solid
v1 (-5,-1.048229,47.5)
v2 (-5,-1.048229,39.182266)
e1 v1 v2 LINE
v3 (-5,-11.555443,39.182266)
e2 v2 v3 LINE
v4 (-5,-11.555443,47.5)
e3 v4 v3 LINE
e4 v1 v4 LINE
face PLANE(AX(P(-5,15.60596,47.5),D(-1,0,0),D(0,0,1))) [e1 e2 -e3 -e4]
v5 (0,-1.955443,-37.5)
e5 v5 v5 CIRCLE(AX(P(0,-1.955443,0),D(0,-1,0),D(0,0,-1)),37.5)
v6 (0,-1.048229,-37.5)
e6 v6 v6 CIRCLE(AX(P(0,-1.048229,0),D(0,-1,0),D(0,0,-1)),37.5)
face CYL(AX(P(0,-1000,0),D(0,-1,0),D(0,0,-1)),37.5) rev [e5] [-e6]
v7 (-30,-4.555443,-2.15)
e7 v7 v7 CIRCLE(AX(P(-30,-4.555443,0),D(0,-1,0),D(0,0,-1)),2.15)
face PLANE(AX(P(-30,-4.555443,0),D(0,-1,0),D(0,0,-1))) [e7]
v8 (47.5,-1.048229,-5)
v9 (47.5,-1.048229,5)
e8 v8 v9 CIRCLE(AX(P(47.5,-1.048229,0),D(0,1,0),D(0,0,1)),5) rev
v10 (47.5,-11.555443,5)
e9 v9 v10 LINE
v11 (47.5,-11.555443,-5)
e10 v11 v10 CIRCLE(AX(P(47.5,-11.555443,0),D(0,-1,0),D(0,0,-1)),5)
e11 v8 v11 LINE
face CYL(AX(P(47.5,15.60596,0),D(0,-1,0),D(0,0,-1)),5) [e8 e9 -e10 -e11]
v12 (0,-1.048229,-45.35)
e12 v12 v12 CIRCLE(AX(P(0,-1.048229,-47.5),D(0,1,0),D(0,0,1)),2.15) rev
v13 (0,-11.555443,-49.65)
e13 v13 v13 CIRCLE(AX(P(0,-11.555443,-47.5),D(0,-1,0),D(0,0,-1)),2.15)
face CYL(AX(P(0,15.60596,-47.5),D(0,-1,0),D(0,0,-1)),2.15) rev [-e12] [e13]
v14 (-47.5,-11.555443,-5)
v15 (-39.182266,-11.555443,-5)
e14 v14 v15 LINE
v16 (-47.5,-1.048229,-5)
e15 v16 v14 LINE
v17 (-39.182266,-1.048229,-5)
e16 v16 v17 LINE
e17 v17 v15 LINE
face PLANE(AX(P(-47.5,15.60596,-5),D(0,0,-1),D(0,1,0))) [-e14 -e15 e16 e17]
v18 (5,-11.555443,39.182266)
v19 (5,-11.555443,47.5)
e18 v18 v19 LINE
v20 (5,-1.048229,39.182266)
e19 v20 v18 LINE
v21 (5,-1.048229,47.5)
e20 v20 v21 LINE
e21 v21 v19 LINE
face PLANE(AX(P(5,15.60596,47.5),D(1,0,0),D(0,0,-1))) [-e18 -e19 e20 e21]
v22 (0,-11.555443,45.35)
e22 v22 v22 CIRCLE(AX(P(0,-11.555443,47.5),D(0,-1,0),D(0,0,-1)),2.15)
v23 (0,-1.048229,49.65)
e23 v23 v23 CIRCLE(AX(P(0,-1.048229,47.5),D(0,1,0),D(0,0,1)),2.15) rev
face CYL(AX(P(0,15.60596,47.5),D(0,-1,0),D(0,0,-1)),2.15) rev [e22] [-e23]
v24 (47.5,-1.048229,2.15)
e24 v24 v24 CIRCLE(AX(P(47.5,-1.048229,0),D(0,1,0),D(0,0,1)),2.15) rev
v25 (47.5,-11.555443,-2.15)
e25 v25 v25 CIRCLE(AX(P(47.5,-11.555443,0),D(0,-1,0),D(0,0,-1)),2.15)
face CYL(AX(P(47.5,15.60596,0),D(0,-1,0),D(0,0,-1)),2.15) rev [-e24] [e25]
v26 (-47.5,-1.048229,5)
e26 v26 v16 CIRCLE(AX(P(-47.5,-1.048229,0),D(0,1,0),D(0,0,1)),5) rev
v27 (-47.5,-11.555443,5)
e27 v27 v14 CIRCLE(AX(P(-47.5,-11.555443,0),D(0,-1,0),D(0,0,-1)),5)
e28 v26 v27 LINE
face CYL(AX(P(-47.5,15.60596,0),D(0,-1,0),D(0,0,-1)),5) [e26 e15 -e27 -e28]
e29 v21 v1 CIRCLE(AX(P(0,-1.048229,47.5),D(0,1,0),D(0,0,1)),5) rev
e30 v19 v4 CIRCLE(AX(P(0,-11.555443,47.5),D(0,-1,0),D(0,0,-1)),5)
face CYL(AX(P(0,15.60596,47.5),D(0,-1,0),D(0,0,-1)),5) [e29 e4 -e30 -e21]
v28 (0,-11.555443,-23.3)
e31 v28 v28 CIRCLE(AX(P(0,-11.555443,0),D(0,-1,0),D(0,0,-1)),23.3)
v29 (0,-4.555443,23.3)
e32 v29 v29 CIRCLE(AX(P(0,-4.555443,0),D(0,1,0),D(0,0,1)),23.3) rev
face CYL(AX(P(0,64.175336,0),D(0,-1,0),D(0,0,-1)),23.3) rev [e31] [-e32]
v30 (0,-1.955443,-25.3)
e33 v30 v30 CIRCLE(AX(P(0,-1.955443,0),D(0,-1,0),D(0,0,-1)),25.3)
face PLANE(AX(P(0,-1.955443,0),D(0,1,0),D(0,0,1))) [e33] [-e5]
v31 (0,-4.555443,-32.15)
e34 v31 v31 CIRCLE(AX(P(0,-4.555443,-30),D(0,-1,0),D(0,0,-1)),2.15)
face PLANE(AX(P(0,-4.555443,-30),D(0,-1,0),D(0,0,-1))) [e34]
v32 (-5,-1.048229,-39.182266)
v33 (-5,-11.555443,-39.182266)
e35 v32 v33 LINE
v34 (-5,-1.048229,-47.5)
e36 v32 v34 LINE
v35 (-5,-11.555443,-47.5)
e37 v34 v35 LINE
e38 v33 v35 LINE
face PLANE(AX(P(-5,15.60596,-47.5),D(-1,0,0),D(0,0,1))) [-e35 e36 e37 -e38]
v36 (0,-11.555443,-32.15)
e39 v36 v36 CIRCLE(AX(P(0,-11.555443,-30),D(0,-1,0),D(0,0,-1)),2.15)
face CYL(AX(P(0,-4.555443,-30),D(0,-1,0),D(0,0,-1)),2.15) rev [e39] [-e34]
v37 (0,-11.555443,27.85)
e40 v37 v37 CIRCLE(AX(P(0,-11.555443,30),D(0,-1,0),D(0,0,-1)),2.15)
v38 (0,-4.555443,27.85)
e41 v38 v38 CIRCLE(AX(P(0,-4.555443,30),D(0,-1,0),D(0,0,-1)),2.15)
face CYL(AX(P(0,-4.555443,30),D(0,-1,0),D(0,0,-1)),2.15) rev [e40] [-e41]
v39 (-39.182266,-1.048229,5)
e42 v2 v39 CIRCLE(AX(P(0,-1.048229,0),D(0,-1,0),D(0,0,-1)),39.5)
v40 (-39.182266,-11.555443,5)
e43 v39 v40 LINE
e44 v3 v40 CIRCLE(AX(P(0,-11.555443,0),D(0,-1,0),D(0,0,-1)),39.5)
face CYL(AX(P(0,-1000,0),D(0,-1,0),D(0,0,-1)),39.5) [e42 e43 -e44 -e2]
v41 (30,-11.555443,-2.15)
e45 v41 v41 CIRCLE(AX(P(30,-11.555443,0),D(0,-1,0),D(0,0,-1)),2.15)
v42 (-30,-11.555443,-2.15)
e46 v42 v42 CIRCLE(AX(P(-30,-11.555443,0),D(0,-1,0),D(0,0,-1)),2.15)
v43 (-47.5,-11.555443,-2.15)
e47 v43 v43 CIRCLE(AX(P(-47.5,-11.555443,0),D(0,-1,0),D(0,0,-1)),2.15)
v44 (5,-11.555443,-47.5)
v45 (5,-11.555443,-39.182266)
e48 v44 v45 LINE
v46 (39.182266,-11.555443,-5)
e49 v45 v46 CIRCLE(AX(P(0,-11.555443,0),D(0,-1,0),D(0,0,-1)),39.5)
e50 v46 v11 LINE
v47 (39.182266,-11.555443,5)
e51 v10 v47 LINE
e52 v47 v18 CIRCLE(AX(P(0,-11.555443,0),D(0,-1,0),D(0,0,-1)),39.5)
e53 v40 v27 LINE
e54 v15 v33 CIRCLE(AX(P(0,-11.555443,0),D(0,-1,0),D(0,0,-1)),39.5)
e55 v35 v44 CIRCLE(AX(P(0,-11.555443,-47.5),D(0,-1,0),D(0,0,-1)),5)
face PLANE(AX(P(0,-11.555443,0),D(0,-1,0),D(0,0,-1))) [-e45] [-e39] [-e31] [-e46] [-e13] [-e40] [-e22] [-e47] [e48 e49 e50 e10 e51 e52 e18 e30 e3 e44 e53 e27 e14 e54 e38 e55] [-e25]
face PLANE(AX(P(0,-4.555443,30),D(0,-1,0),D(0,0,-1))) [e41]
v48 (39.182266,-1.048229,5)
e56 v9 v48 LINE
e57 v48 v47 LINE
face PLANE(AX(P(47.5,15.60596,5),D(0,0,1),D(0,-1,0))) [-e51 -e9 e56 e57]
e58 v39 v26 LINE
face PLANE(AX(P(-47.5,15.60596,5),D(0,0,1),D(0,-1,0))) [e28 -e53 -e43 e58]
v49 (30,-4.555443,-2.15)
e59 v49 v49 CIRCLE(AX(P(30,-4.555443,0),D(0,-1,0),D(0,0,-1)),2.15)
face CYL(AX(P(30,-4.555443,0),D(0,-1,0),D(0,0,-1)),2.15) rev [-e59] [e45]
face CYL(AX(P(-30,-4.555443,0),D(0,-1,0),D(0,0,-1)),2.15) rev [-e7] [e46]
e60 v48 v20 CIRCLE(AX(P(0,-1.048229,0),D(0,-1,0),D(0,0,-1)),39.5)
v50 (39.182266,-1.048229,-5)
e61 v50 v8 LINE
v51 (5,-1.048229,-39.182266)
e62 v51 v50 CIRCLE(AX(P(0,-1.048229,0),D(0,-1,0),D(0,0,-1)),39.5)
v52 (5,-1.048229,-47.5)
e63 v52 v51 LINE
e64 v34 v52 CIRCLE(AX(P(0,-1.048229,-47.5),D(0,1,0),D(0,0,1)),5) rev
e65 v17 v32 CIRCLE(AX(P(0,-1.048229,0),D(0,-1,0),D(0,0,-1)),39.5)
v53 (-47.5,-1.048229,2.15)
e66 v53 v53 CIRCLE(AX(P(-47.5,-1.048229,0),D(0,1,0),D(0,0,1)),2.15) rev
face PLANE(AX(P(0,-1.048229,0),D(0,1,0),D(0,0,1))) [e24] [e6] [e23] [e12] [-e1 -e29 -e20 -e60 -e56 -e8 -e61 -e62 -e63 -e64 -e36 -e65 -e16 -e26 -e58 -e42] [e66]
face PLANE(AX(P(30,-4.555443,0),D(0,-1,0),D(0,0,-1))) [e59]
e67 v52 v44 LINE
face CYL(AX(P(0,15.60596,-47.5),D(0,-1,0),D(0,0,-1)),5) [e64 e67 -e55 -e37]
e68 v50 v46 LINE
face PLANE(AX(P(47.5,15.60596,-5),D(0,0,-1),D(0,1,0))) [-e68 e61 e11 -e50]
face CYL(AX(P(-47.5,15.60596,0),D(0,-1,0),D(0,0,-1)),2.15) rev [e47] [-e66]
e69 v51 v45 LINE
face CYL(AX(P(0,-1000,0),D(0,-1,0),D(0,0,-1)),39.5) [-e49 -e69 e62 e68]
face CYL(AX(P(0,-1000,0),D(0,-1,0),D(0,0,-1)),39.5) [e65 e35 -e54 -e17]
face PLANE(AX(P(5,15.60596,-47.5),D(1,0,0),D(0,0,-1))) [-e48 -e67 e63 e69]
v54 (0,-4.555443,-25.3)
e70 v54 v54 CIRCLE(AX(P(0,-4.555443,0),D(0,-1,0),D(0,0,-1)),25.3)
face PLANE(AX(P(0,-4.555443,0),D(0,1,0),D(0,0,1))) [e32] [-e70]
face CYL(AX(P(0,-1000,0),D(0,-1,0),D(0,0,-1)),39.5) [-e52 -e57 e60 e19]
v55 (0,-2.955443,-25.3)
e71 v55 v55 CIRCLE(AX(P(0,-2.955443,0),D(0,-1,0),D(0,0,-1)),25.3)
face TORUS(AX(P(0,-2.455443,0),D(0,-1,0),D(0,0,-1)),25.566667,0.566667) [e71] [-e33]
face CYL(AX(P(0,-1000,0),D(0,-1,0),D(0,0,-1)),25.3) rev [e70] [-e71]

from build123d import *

# Parameters (mm, degrees)
SKETCH2_R           = 2.15
BOSS_EXTRUDE1_DEPTH = 10.507214
CUT_EXTRUDE2_DEPTH  = 7
SKETCH4_R           = 2.15
CUT_EXTRUDE3_DEPTH  = 7
BOSS_EXTRUDE2_START = -7
SKETCH5_R           = 24.3
SKETCH5_R_2         = 23.3
BOSS_EXTRUDE2_DEPTH = 7
SKETCH6_R           = 23.3
CUT_EXTRUDE4_DEPTH  = 75.575465


with BuildPart() as part:
    # Sketch1 → Revolve1 (revolve)
    with BuildSketch(Plane(origin=(0, 0, 0), x_dir=(0, 0, -1), z_dir=(1, 0, 0)), mode=Mode.PRIVATE) as revolve1_sk:
        with BuildLine():
            Line((-37.5, -1.048229), (-37.5, -1.955443))
            Line((-37.5, -1.955443), (-25.3, -1.955443))
            ThreePointArc((-25.3, -1.955443), (-25, -2.455443), (-25.3, -2.955443))
            Line((-25.3, -2.955443), (-25.3, -4.555443))
            Line((-25.3, -4.555443), (-8, -4.555443))
            Line((-8, -4.555443), (-8, -11.555443))
            Line((-8, -11.555443), (-39.5, -11.555443))
            Line((-39.5, -11.555443), (-39.5, -1.048229))
            Line((-39.5, -1.048229), (-37.5, -1.048229))
        make_face()
    revolve(revolve1_sk.sketch.rotate(Axis((0, -1000, 0), (0, 1, 0)), 180), axis=Axis((0, -1000, 0), (0, 1, 0)))

    # Sketch2 → Boss-Extrude1 (add)
    # profile 1 of 4: a face of its own
    with BuildSketch(Plane.XZ.offset(11.555443)):
        with BuildLine():
            Line((-5, 47.5), (-5, 39.182266))
            Line((-5, 39.182266), (5, 39.182266))
            Line((5, 39.182266), (5, 47.5))
            ThreePointArc((5, 47.5), (0, 52.5), (-5, 47.5))
        make_face()
        with Locations(Location((0, 47.5, 0), (0, 0, 270))):
            Circle(SKETCH2_R, mode=Mode.SUBTRACT)
    # profile 2 of 4: a face of its own
    with BuildSketch(Plane.XZ.offset(11.555443)):
        with BuildLine():
            Line((47.5, -5), (39.182266, -5))
            Line((39.182266, -5), (39.182266, 5))
            Line((39.182266, 5), (47.5, 5))
            ThreePointArc((47.5, 5), (52.5, 0), (47.5, -5))
        make_face()
        with Locations(Location((47.5, 0, 0), (0, 0, 270))):
            Circle(SKETCH2_R, mode=Mode.SUBTRACT)
    # profile 3 of 4: a face of its own
    with BuildSketch(Plane.XZ.offset(11.555443)):
        with BuildLine():
            Line((-5, -47.5), (-5, -39.182266))
            Line((-5, -39.182266), (5, -39.182266))
            Line((5, -39.182266), (5, -47.5))
            ThreePointArc((5, -47.5), (0, -52.5), (-5, -47.5))
        make_face()
        with Locations(Location((0, -47.5, 0), (0, 0, 270))):
            Circle(SKETCH2_R, mode=Mode.SUBTRACT)
    # profile 4 of 4: a face of its own
    with BuildSketch(Plane.XZ.offset(11.555443)):
        with BuildLine():
            Line((-47.5, 5), (-39.182266, 5))
            Line((-39.182266, 5), (-39.182266, -5))
            Line((-39.182266, -5), (-47.5, -5))
            ThreePointArc((-47.5, -5), (-52.5, 0), (-47.5, 5))
        make_face()
        with Locations(Location((-47.5, 0, 0), (0, 0, 270))):
            Circle(SKETCH2_R, mode=Mode.SUBTRACT)
    extrude(amount=-BOSS_EXTRUDE1_DEPTH)

    # Sketch3 → Cut-Extrude2 (cut)
    with BuildSketch(Plane(origin=(0, -4.555443, 0), x_dir=(1, 0, 0), z_dir=(0, 1, 0))):
        with BuildLine():
            Line((21.938323, -2), (12.369317, -2))
            ThreePointArc((12.369317, -2), (11.19262, -2.382785), (10.466345, -3.384615))
            ThreePointArc((10.466345, -3.384615), (7.778175, -7.778175), (3.384615, -10.466345))
            ThreePointArc((3.384615, -10.466345), (2.382785, -11.19262), (2, -12.369317))
            Line((2, -12.369317), (2, -21.938323))
            ThreePointArc((2, -21.938323), (2.718885, -23.474143), (4.358744, -23.905885))
            ThreePointArc((4.358744, -23.905885), (17.182695, -17.182695), (23.905885, -4.358744))
            ThreePointArc((23.905885, -4.358744), (23.474143, -2.718885), (21.938323, -2))
        make_face()
        with BuildLine():
            Line((-2, -21.938323), (-2, -12.369317))
            ThreePointArc((-2, -12.369317), (-2.382785, -11.19262), (-3.384615, -10.466345))
            ThreePointArc((-3.384615, -10.466345), (-7.778175, -7.778175), (-10.466345, -3.384615))
            ThreePointArc((-10.466345, -3.384615), (-11.19262, -2.382785), (-12.369317, -2))
            Line((-12.369317, -2), (-21.938323, -2))
            ThreePointArc((-21.938323, -2), (-23.474143, -2.718885), (-23.905885, -4.358744))
            ThreePointArc((-23.905885, -4.358744), (-17.182695, -17.182695), (-4.358744, -23.905885))
            ThreePointArc((-4.358744, -23.905885), (-2.718885, -23.474143), (-2, -21.938323))
        make_face()
        with BuildLine():
            Line((-21.938323, 2), (-12.369317, 2))
            ThreePointArc((-12.369317, 2), (-11.19262, 2.382785), (-10.466345, 3.384615))
            ThreePointArc((-10.466345, 3.384615), (-7.778175, 7.778175), (-3.384615, 10.466345))
            ThreePointArc((-3.384615, 10.466345), (-2.382785, 11.19262), (-2, 12.369317))
            Line((-2, 12.369317), (-2, 21.938323))
            ThreePointArc((-2, 21.938323), (-2.718885, 23.474143), (-4.358744, 23.905885))
            ThreePointArc((-4.358744, 23.905885), (-17.182695, 17.182695), (-23.905885, 4.358744))
            ThreePointArc((-23.905885, 4.358744), (-23.474143, 2.718885), (-21.938323, 2))
        make_face()
        with BuildLine():
            Line((2, 21.938323), (2, 12.369317))
            ThreePointArc((2, 12.369317), (2.382785, 11.19262), (3.384615, 10.466345))
            ThreePointArc((3.384615, 10.466345), (7.778175, 7.778175), (10.466345, 3.384615))
            ThreePointArc((10.466345, 3.384615), (11.19262, 2.382785), (12.369317, 2))
            Line((12.369317, 2), (21.938323, 2))
            ThreePointArc((21.938323, 2), (23.474143, 2.718885), (23.905885, 4.358744))
            ThreePointArc((23.905885, 4.358744), (17.182695, 17.182695), (4.358744, 23.905885))
            ThreePointArc((4.358744, 23.905885), (2.718885, 23.474143), (2, 21.938323))
        make_face()
    extrude(amount=-CUT_EXTRUDE2_DEPTH, mode=Mode.SUBTRACT)

    # Sketch4 → Cut-Extrude3 (cut)
    with BuildSketch(Plane(origin=(0, -11.555443, 0), x_dir=(-1, 0, 0), z_dir=(0, -1, 0))):
        with Locations(Location((30, 0, 0), (0, 0, 90))):
            Circle(SKETCH4_R)
        with Locations(Location((0, -30, 0), (0, 0, 90))):
            Circle(SKETCH4_R)
        with Locations(Location((-30, 0, 0), (0, 0, 90))):
            Circle(SKETCH4_R)
        with Locations(Location((0, 30, 0), (0, 0, 90))):
            Circle(SKETCH4_R)
    extrude(amount=-CUT_EXTRUDE3_DEPTH, mode=Mode.SUBTRACT)

    # Sketch5 → Boss-Extrude2 (add)
    with BuildSketch(Plane.XZ.offset(11.555443).offset(BOSS_EXTRUDE2_START)):
        Circle(SKETCH5_R)
        Circle(SKETCH5_R_2, mode=Mode.SUBTRACT)
    extrude(amount=BOSS_EXTRUDE2_DEPTH)

    # Sketch6 → Cut-Extrude4 (cut, through all)
    with BuildSketch(Plane(origin=(0, -4.555443, 0), x_dir=(1, 0, 0), z_dir=(0, 1, 0))):
        with Locations(Location((0, 0, 0), (0, 0, 90))):
            Circle(SKETCH6_R)
    extrude(amount=-CUT_EXTRUDE4_DEPTH, mode=Mode.SUBTRACT)


solid = part.part
